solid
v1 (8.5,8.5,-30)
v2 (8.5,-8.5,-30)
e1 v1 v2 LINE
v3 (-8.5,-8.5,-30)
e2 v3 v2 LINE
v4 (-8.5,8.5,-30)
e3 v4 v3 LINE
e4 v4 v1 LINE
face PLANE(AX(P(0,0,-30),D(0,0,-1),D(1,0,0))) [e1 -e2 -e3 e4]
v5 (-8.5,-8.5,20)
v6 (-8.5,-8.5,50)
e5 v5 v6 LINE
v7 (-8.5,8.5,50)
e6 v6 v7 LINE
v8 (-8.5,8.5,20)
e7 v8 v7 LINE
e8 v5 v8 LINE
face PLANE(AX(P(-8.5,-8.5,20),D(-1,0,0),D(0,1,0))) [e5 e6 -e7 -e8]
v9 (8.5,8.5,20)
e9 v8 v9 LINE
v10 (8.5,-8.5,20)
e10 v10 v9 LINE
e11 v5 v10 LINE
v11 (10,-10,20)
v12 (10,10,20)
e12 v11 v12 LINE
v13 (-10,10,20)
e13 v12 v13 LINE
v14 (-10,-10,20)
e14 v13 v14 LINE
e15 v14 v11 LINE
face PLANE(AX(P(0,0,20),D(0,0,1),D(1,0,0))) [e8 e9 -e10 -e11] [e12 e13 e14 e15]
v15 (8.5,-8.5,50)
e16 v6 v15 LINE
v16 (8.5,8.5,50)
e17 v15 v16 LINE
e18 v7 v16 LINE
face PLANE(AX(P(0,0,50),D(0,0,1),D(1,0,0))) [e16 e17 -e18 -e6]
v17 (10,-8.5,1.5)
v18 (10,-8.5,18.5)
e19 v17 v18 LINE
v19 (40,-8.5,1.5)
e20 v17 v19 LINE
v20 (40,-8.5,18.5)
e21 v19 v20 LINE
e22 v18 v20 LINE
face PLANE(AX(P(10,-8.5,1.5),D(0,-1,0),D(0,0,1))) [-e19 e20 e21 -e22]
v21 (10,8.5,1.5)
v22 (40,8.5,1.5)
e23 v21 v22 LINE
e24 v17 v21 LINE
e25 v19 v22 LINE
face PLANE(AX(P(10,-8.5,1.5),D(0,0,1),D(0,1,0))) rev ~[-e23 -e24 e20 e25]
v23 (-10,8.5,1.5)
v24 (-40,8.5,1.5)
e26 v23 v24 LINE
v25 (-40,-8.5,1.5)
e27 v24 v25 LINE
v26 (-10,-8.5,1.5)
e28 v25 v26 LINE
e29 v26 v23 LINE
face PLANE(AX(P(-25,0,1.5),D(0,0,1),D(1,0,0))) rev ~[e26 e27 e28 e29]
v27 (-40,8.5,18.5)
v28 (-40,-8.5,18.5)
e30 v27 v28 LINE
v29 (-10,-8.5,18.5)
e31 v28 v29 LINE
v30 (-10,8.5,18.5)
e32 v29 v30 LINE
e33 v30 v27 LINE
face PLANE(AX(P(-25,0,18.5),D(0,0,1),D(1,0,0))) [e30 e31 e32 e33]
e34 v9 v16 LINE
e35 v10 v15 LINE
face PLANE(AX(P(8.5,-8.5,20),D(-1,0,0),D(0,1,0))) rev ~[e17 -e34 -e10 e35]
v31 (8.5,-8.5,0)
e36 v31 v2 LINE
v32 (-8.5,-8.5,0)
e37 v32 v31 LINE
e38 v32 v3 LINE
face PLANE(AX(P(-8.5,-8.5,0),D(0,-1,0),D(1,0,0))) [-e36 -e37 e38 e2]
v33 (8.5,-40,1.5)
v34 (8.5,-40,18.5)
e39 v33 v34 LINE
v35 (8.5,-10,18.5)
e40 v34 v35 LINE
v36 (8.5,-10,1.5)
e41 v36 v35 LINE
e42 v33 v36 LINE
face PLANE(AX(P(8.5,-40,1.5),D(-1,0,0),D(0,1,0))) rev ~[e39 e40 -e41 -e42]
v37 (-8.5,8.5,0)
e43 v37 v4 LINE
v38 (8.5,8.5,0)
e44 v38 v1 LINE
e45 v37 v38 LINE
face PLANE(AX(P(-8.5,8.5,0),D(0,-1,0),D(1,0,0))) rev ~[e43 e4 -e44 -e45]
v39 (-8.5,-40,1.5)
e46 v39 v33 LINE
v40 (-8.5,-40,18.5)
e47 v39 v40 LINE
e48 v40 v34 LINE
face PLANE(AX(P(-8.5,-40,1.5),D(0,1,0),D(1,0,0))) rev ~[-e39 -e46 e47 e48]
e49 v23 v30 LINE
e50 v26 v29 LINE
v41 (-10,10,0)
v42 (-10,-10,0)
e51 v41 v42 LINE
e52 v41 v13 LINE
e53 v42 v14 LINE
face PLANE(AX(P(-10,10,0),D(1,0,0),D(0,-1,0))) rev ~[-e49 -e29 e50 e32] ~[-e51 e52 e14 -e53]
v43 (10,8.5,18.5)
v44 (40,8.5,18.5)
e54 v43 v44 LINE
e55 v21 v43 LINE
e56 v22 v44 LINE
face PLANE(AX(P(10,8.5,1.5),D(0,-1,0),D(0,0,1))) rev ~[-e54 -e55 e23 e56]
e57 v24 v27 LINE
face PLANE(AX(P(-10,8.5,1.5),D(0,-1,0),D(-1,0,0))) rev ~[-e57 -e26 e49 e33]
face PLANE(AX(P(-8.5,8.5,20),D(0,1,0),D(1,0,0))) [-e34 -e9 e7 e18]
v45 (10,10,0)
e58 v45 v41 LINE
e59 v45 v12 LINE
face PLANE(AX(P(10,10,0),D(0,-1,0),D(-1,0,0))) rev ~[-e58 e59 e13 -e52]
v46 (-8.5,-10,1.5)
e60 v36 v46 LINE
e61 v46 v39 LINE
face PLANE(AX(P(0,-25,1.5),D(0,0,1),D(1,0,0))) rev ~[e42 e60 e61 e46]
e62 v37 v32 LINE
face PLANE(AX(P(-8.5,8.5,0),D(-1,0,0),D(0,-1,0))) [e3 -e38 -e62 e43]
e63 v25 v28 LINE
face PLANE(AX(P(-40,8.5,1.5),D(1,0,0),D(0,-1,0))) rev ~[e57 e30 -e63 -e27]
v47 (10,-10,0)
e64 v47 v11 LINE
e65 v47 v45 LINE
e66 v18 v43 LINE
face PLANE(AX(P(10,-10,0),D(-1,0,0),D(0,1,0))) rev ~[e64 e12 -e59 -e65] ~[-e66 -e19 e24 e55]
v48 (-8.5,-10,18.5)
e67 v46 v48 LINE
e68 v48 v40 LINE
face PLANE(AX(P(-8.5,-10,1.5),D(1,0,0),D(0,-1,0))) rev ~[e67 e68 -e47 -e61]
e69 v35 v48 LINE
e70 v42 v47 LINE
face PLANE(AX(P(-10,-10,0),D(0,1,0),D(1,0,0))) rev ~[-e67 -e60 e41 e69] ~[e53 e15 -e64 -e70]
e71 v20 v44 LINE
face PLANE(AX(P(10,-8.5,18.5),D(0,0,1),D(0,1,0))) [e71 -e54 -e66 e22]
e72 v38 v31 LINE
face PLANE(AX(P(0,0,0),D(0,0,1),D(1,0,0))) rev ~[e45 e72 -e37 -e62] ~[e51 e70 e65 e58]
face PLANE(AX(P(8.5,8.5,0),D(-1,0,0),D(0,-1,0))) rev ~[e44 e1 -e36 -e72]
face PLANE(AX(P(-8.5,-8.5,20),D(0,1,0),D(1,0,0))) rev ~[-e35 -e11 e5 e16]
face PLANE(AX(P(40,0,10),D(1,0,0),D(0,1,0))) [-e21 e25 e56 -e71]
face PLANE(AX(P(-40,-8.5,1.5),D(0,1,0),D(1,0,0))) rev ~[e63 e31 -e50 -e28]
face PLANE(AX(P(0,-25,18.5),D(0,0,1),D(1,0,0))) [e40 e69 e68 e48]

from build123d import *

# Parameters (mm, degrees)
F1_DEPTH = 20
F2_START = 1.5
F2_DEPTH = 17
F3_W     = 17
F3_H     = 17
F4_DEPTH = 30
F5_W     = 17
F5_H     = 17
F6_DEPTH = 30
F7_W     = 17
F7_H     = 17
F8_DEPTH = 30


with BuildPart() as f1:
    # F0 (on Top) → F1 (new body)
    with BuildSketch(Plane.XY):
        Polygon((8.5, -10), (10, -10), (10, 10), (-10, 10), (-10, 8.5), (-10, 0), (-10, -8.5), (-10, -10), (-8.5, -10), (0, -10), align=None)
    extrude(amount=F1_DEPTH)

    # F0 (on Top) → F2 (join)
    with BuildSketch(Plane.XY.offset(F2_START)):
        Polygon((-10, 0), (-10, 8.5), (-40, 8.5), (-40, -8.5), (-10, -8.5), align=None)
        Polygon((8.5, -40), (8.5, -10), (0, -10), (-8.5, -10), (-8.5, -40), align=None)
    extrude(amount=F2_DEPTH)

    # F3 (on face) → F4 (join)
    with BuildSketch(Plane.XY.offset(20)):
        Rectangle(F3_W, F3_H)
    extrude(amount=F4_DEPTH)

    # F5 (on face) → F6 (join)
    with BuildSketch(Plane(origin=(0, 0, 0), x_dir=(1, 0, 0), z_dir=(0, 0, -1))):
        Rectangle(F5_W, F5_H)
    extrude(amount=F6_DEPTH)

    # F7 (on face) → F8 (join)
    with BuildSketch(Plane.YZ.offset(10)):
        with Locations((0, 10)):
            Rectangle(F7_W, F7_H)
    extrude(amount=F8_DEPTH)


solid = f1.part
